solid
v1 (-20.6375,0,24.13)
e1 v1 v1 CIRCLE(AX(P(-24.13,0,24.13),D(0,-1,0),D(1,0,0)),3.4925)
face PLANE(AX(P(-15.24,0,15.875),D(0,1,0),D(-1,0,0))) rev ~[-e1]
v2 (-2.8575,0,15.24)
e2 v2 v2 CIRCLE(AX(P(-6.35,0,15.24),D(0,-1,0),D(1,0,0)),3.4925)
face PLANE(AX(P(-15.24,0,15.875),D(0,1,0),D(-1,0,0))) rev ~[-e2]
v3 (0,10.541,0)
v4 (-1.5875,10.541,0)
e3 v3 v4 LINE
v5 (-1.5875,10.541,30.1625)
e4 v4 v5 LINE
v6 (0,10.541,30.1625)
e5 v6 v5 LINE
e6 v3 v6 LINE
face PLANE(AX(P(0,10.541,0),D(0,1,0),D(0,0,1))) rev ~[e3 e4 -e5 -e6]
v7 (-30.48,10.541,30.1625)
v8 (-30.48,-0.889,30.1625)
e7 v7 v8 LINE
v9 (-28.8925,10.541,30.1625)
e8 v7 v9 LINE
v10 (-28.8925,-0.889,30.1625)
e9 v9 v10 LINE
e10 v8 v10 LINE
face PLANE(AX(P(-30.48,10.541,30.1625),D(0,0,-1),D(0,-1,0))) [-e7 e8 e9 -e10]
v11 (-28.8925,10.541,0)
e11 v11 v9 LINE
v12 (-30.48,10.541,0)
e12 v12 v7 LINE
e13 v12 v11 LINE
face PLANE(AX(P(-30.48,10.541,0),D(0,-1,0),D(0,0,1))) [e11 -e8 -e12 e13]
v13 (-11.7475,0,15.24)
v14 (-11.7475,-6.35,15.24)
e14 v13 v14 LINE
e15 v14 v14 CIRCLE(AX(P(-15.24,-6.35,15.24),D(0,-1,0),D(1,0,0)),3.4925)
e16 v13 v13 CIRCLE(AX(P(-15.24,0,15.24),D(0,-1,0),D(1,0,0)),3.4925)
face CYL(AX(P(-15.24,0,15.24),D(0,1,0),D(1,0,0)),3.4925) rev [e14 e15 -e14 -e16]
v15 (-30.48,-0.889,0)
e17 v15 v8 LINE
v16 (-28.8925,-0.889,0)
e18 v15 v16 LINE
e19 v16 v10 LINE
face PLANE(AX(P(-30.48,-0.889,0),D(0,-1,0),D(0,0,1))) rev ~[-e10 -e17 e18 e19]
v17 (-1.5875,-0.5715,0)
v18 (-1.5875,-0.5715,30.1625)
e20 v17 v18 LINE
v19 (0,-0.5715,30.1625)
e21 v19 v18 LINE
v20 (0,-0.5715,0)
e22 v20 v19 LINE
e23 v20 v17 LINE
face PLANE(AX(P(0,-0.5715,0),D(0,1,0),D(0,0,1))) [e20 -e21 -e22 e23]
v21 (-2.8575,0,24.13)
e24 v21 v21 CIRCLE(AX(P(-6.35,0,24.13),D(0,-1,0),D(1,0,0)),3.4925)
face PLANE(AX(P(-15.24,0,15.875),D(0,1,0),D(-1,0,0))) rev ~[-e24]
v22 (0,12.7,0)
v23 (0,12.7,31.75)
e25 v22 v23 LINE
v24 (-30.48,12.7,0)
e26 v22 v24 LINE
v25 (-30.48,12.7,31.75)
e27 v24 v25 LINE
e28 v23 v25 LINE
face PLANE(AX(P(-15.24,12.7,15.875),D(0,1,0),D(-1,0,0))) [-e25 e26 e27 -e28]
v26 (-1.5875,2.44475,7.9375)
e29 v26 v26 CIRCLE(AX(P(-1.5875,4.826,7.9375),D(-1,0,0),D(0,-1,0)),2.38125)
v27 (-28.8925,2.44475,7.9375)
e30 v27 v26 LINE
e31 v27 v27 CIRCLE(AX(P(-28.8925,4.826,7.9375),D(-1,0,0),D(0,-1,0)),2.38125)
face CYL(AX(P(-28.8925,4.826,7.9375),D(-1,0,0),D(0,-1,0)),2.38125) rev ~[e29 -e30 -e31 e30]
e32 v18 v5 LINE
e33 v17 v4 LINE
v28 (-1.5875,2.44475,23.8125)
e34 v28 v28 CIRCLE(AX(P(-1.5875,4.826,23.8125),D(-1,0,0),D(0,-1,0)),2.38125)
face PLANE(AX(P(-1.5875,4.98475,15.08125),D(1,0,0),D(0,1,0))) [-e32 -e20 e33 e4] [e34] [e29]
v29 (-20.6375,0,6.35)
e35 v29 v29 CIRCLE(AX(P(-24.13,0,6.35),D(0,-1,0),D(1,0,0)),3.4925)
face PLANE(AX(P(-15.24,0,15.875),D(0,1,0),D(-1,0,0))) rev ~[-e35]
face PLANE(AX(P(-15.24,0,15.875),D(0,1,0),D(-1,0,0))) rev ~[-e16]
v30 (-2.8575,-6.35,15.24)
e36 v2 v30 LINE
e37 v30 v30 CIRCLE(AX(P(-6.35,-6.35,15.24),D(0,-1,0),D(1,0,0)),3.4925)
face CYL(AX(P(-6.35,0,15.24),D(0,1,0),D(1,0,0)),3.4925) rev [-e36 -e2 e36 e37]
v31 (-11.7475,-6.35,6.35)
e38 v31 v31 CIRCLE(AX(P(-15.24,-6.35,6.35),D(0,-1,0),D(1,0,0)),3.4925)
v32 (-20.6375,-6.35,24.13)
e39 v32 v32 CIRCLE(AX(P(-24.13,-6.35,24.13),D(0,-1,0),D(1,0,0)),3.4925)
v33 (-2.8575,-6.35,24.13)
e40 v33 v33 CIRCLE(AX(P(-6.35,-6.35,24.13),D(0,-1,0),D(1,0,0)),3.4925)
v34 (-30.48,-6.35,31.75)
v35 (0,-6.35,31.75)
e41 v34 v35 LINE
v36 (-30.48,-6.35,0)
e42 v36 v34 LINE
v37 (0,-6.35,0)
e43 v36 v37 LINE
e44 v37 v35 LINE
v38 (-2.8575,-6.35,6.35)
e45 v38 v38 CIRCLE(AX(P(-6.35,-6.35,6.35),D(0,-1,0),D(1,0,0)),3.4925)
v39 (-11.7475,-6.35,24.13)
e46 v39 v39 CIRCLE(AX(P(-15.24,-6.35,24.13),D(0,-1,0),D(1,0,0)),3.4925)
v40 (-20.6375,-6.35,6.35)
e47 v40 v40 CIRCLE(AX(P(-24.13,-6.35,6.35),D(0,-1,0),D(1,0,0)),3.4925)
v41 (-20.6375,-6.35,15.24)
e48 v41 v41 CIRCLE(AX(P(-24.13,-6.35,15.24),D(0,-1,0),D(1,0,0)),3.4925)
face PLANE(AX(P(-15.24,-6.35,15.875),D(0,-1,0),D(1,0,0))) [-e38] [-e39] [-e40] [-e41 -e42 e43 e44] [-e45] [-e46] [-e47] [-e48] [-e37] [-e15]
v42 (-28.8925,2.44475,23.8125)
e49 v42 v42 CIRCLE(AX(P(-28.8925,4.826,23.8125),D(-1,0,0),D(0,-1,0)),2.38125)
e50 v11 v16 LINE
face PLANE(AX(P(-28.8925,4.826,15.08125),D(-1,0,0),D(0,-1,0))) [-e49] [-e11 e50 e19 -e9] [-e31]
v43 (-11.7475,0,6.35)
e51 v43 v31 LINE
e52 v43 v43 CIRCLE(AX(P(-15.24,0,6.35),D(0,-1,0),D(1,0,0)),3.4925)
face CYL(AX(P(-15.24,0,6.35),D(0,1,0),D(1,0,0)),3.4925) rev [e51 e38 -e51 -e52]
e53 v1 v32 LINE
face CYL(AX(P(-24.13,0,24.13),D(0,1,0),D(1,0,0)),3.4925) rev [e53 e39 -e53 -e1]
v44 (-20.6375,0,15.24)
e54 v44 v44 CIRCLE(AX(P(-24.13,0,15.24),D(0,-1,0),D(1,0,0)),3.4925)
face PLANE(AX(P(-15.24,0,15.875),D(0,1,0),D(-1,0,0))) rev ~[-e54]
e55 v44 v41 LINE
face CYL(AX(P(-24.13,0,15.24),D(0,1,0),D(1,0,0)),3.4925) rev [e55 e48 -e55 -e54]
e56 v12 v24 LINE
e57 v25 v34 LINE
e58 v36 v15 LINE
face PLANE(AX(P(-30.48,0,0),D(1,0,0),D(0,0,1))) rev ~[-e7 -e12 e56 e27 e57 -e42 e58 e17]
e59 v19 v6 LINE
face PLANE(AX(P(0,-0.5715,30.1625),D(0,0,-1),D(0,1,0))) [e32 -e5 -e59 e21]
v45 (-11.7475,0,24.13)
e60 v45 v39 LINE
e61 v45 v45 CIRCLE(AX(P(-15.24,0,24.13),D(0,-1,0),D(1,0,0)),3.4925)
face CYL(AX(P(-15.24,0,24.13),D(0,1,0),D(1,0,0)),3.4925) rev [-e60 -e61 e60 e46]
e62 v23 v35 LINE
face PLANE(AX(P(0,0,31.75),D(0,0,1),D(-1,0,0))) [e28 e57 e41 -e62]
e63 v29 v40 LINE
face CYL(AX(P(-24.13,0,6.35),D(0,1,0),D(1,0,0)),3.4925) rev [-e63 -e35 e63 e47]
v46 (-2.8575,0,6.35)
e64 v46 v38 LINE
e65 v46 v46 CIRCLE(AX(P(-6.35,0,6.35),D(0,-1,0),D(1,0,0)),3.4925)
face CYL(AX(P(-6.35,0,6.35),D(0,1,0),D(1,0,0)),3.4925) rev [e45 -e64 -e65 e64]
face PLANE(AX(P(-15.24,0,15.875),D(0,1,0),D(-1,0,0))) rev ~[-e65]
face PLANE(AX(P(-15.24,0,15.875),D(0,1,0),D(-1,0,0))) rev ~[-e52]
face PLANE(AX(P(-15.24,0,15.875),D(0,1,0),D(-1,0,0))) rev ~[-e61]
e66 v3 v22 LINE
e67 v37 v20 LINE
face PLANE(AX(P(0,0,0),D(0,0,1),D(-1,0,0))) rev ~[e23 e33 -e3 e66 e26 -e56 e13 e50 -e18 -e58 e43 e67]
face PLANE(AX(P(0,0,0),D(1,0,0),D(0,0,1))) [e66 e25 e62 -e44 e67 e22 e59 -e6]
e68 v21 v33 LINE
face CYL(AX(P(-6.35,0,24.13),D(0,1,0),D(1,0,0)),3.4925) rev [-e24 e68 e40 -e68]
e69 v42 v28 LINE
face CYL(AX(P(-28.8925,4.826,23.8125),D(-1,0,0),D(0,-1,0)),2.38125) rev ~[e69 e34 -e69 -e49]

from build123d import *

# Parameters (mm, degrees)
F0_W     = 30.48
F0_H     = 31.75
F0_R     = 3.4925
F1_DEPTH = 6.35
F2_W     = 30.48
F2_H     = 31.75
F3_DEPTH = 12.7
F4_W     = 11.1125
F4_H     = 30.1625
F5_DEPTH = 1.5875
F6_W     = 11.43
F6_H     = 30.1625
F7_DEPTH = 1.5875
F8_R     = 2.38125
F9_DEPTH = 28.8935


with BuildPart() as f1:
    # F0 (on Front) → F1 (new body)
    with BuildSketch(Plane.XZ):
        with Locations((-15.24, 15.875)):
            Rectangle(F0_W, F0_H)
        with Locations((-24.13, 6.35)):
            Circle(F0_R, mode=Mode.SUBTRACT)
        with Locations((-24.13, 15.24)):
            Circle(F0_R, mode=Mode.SUBTRACT)
        with Locations((-15.24, 6.35)):
            Circle(F0_R, mode=Mode.SUBTRACT)
        with Locations((-6.35, 6.35)):
            Circle(F0_R, mode=Mode.SUBTRACT)
        with Locations((-15.24, 15.24)):
            Circle(F0_R, mode=Mode.SUBTRACT)
        with Locations((-6.35, 15.24)):
            Circle(F0_R, mode=Mode.SUBTRACT)
        with Locations((-24.13, 24.13)):
            Circle(F0_R, mode=Mode.SUBTRACT)
        with Locations((-15.24, 24.13)):
            Circle(F0_R, mode=Mode.SUBTRACT)
        with Locations((-6.35, 24.13)):
            Circle(F0_R, mode=Mode.SUBTRACT)
    extrude(amount=F1_DEPTH)

    # F2 (on face) → F3 (join)
    with BuildSketch(Plane(origin=(0, 0, 0), x_dir=(-1, 0, 0), z_dir=(0, 1, 0))):
        with Locations((15.24, 15.875)):
            Rectangle(F2_W, F2_H)
    extrude(amount=F3_DEPTH)

    # F4 (on face) → F5 (cut)
    with BuildSketch(Plane.YZ):
        with Locations((4.98475, 15.08125)):
            Rectangle(F4_W, F4_H)
    extrude(amount=-F5_DEPTH, mode=Mode.SUBTRACT)

    # F6 (on face) → F7 (cut)
    with BuildSketch(Plane(origin=(-30.48, 0, 0), x_dir=(0, -1, 0), z_dir=(-1, 0, 0))):
        with Locations((-4.826, 15.08125)):
            Rectangle(F6_W, F6_H)
    extrude(amount=-F7_DEPTH, mode=Mode.SUBTRACT)

    # F8 (on face) → F9 (cut, through all)
    with BuildSketch(Plane(origin=(-28.8925, 0, 0), x_dir=(0, -1, 0), z_dir=(-1, 0, 0))):
        with Locations((-4.826, 23.8125)):
            Circle(F8_R)
        with Locations((-4.826, 7.9375)):
            Circle(F8_R)
    extrude(amount=-F9_DEPTH, mode=Mode.SUBTRACT)


solid = f1.part
